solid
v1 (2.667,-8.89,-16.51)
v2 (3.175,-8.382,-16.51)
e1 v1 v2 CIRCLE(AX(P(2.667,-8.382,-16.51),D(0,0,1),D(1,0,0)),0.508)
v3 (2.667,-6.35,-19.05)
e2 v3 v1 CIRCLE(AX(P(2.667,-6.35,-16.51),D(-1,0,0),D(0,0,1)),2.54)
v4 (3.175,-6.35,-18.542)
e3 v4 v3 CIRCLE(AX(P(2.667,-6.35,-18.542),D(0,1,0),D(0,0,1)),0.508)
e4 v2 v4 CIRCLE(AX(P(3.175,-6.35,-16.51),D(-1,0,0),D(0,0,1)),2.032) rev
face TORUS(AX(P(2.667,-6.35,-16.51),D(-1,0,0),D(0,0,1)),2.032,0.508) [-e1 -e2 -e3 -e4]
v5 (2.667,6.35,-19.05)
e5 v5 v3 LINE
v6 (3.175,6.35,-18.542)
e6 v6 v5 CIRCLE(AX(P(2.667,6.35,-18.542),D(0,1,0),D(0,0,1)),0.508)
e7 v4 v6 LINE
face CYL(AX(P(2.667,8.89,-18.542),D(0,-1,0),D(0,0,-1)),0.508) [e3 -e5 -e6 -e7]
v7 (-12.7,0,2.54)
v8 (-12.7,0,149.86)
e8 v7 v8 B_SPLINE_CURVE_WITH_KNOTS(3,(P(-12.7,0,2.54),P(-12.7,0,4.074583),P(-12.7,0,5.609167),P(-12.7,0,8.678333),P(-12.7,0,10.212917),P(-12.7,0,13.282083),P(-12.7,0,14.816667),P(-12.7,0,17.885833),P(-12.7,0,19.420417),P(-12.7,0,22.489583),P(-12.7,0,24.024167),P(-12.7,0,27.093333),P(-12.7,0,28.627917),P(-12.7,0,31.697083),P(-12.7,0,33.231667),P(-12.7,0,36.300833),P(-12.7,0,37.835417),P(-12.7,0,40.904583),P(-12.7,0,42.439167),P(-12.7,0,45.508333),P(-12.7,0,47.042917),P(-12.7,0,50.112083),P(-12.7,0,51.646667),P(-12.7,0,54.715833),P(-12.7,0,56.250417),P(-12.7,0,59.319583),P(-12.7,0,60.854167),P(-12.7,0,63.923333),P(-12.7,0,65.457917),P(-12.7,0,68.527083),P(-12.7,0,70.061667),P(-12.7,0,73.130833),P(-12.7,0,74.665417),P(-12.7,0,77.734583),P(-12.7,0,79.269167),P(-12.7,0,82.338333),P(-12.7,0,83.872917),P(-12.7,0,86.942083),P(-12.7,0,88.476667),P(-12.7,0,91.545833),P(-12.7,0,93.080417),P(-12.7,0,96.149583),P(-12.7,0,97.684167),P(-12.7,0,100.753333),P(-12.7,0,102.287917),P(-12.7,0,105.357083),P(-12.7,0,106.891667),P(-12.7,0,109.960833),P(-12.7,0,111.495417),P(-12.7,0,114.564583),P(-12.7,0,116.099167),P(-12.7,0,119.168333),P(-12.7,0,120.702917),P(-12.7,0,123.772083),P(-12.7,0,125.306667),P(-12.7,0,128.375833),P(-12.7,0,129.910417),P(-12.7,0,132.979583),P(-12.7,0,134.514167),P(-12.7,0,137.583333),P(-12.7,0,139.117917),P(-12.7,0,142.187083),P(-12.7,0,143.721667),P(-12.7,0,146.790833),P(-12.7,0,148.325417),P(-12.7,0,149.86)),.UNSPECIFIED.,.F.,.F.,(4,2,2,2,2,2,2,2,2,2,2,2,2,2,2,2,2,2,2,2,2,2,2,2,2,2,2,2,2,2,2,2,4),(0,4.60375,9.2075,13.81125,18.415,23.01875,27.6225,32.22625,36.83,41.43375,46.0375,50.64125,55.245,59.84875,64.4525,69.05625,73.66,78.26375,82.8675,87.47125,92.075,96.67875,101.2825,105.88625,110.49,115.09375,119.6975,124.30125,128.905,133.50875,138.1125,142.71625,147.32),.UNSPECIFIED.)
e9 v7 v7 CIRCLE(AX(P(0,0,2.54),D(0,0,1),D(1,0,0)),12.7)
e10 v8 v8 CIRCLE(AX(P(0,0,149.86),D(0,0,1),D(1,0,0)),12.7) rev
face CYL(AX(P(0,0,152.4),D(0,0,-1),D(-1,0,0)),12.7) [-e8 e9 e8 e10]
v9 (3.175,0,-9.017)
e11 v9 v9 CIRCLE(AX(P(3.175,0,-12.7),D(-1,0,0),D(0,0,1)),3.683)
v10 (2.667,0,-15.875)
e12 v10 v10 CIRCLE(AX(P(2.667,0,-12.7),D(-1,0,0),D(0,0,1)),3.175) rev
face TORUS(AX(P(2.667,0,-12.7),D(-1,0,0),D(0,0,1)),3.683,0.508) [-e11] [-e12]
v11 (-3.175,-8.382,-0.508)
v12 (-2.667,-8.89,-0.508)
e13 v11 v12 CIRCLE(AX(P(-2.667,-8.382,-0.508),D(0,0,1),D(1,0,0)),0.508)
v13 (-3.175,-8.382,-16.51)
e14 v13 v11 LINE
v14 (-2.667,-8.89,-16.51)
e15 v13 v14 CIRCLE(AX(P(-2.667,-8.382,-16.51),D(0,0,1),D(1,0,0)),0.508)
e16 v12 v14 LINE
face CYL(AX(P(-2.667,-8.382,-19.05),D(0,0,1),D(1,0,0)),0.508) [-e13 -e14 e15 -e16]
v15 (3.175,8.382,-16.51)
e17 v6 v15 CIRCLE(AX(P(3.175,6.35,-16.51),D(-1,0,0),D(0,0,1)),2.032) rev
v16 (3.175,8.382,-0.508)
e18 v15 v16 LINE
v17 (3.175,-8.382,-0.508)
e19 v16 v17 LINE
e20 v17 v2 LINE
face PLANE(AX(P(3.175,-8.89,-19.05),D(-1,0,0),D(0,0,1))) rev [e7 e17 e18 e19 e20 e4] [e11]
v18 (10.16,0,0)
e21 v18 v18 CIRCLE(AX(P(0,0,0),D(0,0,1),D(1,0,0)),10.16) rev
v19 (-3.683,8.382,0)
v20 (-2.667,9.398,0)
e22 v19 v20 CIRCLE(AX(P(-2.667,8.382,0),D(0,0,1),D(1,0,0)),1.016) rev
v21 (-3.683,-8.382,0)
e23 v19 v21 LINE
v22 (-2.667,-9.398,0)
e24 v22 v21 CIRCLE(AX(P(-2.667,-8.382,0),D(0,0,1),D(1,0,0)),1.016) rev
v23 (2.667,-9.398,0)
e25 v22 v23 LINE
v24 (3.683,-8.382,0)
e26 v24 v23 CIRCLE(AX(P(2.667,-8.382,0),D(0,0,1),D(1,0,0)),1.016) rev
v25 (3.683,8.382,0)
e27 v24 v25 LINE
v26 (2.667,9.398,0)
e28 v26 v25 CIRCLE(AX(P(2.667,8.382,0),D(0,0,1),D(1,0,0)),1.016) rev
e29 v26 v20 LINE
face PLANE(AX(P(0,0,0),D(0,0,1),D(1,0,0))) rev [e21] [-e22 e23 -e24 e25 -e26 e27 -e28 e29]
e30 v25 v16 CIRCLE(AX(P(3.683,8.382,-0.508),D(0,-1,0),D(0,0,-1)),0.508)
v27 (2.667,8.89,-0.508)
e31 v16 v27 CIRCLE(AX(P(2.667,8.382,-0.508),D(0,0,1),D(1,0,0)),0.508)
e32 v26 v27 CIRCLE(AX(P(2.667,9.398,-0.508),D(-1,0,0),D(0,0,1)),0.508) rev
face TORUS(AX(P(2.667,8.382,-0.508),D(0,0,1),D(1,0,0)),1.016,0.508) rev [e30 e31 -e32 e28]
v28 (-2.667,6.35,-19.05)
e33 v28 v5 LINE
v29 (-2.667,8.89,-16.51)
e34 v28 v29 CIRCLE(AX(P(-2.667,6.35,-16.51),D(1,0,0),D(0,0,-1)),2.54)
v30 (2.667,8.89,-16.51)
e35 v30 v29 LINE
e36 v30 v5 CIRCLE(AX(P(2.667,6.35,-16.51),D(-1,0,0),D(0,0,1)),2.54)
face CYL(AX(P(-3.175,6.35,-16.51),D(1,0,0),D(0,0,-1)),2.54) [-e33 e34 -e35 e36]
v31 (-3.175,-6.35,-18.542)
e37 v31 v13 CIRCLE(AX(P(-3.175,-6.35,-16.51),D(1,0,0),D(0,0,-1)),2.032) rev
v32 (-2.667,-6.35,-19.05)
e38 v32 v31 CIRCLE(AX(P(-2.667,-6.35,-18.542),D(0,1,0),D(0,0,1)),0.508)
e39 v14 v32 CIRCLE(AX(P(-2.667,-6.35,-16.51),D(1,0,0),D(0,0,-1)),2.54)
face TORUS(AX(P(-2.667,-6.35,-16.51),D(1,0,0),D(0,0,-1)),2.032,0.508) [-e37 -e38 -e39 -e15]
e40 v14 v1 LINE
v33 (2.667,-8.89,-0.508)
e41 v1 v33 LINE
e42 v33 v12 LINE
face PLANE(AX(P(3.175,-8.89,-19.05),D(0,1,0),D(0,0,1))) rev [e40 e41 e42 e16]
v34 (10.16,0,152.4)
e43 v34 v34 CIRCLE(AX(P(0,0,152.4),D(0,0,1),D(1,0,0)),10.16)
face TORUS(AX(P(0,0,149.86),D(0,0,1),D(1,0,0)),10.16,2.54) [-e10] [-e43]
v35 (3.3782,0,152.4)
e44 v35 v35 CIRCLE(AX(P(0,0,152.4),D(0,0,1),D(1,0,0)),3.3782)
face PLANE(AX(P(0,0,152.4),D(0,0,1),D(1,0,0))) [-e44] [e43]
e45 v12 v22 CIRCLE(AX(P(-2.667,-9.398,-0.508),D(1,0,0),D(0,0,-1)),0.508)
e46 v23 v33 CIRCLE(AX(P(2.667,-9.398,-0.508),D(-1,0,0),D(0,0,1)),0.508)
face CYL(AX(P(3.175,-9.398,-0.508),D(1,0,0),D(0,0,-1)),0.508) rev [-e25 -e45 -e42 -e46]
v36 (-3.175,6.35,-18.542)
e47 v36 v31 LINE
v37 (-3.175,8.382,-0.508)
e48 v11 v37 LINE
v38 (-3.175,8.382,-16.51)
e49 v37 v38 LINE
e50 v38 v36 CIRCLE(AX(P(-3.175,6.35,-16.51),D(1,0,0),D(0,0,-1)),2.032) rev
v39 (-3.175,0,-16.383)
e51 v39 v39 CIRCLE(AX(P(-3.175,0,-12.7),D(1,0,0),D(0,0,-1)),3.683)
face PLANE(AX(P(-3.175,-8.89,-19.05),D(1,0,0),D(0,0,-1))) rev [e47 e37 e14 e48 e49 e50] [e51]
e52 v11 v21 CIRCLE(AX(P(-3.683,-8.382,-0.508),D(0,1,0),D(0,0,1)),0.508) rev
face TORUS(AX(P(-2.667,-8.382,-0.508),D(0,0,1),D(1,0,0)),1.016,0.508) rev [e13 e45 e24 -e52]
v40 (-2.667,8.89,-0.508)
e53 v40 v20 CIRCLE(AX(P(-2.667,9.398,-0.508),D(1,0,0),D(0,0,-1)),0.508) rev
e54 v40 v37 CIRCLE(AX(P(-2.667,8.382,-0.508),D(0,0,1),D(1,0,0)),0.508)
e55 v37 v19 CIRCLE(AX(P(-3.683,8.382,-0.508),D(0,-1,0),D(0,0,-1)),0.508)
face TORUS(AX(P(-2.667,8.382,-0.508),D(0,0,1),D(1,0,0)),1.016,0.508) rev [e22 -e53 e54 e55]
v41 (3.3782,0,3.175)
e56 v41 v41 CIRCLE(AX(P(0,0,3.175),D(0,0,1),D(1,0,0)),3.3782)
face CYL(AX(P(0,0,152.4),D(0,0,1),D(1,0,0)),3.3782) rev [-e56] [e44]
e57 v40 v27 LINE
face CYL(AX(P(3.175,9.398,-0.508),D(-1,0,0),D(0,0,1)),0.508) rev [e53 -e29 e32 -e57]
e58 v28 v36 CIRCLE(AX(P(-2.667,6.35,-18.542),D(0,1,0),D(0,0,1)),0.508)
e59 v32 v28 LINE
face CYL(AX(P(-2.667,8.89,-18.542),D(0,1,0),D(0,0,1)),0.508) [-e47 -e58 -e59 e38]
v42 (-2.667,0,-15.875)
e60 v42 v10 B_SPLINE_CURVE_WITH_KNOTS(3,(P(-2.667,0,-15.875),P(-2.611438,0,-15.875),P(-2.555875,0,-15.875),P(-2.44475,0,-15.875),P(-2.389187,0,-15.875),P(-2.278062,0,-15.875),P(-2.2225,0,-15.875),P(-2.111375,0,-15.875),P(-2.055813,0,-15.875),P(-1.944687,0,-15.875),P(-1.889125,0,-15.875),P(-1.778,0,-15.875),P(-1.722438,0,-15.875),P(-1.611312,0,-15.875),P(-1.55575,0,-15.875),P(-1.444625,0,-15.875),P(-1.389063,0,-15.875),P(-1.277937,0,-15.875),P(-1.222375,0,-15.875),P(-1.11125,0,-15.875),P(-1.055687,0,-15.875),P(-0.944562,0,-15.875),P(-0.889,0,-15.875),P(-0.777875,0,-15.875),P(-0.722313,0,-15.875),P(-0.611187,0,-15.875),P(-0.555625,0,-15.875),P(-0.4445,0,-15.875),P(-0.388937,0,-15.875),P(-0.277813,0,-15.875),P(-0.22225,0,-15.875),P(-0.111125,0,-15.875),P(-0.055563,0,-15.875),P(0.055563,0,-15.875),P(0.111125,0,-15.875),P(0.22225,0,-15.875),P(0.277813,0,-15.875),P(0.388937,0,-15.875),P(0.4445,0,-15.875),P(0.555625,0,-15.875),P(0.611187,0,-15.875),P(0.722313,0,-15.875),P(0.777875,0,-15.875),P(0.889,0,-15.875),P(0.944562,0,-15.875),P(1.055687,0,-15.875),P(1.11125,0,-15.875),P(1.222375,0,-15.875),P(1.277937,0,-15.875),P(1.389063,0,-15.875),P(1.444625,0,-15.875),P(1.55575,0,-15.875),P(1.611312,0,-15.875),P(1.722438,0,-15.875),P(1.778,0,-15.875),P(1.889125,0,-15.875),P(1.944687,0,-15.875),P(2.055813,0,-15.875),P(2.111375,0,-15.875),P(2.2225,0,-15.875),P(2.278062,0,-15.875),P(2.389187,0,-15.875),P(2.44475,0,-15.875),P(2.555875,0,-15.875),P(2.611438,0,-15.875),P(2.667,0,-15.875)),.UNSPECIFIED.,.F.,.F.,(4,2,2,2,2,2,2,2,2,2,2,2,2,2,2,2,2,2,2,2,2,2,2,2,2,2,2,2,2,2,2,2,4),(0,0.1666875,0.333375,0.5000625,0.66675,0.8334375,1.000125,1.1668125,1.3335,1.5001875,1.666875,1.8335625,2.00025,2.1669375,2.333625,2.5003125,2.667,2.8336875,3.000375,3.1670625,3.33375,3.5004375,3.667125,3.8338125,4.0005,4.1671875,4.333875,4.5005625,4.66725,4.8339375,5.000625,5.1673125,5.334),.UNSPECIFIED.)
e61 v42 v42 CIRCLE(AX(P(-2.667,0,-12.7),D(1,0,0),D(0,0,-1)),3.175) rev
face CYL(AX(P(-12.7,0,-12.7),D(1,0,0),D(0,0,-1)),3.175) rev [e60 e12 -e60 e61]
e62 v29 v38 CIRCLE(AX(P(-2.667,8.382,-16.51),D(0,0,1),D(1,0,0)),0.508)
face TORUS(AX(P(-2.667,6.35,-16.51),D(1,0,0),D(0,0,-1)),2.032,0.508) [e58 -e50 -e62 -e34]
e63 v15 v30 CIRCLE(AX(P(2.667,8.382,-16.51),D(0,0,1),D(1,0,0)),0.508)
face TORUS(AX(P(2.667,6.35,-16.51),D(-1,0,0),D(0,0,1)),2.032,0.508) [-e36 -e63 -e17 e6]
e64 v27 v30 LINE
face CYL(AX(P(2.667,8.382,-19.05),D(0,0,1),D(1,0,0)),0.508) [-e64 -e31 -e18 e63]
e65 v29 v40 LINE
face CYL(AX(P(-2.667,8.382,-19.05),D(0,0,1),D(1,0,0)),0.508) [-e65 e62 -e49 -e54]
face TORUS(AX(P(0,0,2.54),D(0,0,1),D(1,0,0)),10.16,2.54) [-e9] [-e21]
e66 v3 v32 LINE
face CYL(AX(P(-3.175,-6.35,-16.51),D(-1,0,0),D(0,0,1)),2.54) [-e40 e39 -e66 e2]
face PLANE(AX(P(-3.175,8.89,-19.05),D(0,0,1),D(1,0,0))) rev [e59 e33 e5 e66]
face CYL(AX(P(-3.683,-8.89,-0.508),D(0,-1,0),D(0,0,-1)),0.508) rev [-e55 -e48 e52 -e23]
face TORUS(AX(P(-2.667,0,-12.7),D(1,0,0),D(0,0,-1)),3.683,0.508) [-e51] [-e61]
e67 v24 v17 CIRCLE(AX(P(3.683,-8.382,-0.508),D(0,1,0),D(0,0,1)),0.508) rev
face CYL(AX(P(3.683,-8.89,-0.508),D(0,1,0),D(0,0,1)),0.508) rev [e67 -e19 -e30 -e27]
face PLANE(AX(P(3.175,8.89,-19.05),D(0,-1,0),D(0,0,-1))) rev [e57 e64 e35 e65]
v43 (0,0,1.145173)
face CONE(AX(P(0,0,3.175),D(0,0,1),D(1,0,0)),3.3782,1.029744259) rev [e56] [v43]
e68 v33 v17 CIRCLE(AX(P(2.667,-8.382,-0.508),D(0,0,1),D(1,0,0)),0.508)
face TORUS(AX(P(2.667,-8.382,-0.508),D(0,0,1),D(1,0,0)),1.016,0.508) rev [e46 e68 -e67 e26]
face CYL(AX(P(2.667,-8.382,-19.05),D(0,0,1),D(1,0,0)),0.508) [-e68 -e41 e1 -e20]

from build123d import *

# Parameters (mm, degrees)
SKETCH1_R                   = 12.7
EXTRUDE1_DEPTH              = 152.4
F_1_4_CLEARANCE_HOLE1_D     = 6.7564
F_1_4_CLEARANCE_HOLE1_DEPTH = 149.225
F_1_4_CLEARANCE_HOLE1_TIP   = 2.029827343
SKETCH4_W                   = 6.35
SKETCH4_H                   = 17.78
EXTRUDE2_DEPTH              = 19.05
SKETCH5_R                   = 3.175
EXTRUDE3_DEPTH              = 12.7
FILLET1_R                   = 2.54
FILLET2_R                   = 2.54
FILLET3_R                   = 0.508


with BuildPart() as part:
    # Sketch1 → Extrude1 (new body)
    with BuildSketch(Plane.XY):
        with Locations(Location((0, 0, 0), (0, 0, 180))):
            Circle(SKETCH1_R)
    extrude(amount=EXTRUDE1_DEPTH)

    # 1/4 Clearance Hole1
    with Locations(Plane.XY.offset(152.4)):
        with Locations((0, 0)):
            Hole(F_1_4_CLEARANCE_HOLE1_D / 2, depth=F_1_4_CLEARANCE_HOLE1_DEPTH)
            with Locations((0, 0, -(F_1_4_CLEARANCE_HOLE1_DEPTH + F_1_4_CLEARANCE_HOLE1_TIP / 2))):  # 118° drill point
                Cone(0, F_1_4_CLEARANCE_HOLE1_D / 2, F_1_4_CLEARANCE_HOLE1_TIP, mode=Mode.SUBTRACT)

    # Sketch4 → Extrude2 (add)
    with BuildSketch(Plane(origin=(0, 0, 0), x_dir=(-1, 0, 0), z_dir=(0, 0, -1))):
        Rectangle(SKETCH4_W, SKETCH4_H)
    extrude(amount=EXTRUDE2_DEPTH)

    # Sketch5 → Extrude3 (cut, symmetric)
    with BuildSketch(Plane(origin=(0, 0, 0), x_dir=(0, 0, -1), z_dir=(1, 0, 0))):
        with Locations((12.7, 0)):
            Circle(SKETCH5_R)
    extrude(amount=EXTRUDE3_DEPTH, both=True, mode=Mode.SUBTRACT)

    # Fillet1
    fillet1_edges = [part.edges().sort_by_distance(p)[0] for p in [
        (12.7, 0, 152.4),
    ]]
    fillet(fillet1_edges, radius=FILLET1_R)

    # Fillet2
    fillet2_edges = [part.edges().sort_by_distance(p)[0] for p in [
        (0, 8.89, -19.05),
        (0, -8.89, -19.05),
        (12.7, 0, 0),
    ]]
    fillet(fillet2_edges, radius=FILLET2_R)

    # Fillet3
    fillet3_edges = [part.edges().sort_by_distance(p)[0] for p in [
        (-3.175, 0, 0),
        (0, 8.89, 0),
        (3.175, 0, 0),
        (0, -8.89, 0),
        (3.175, 0, -9.525),
        (-3.175, 0, -9.525),
        (-3.175, 0, -19.05),
        (3.175, 0, -19.05),
        (-3.175, 8.89, -8.255),
        (-3.175, -8.89, -8.255),
        (-3.175, 8.146051224, -18.306051224),
        (-3.175, -8.146051224, -18.306051224),
        (3.175, -8.89, -8.255),
        (3.175, 8.89, -8.255),
        (3.175, 8.146051224, -18.306051224),
        (3.175, -8.146051224, -18.306051224),
    ]]
    fillet(fillet3_edges, radius=FILLET3_R)


solid = part.part
